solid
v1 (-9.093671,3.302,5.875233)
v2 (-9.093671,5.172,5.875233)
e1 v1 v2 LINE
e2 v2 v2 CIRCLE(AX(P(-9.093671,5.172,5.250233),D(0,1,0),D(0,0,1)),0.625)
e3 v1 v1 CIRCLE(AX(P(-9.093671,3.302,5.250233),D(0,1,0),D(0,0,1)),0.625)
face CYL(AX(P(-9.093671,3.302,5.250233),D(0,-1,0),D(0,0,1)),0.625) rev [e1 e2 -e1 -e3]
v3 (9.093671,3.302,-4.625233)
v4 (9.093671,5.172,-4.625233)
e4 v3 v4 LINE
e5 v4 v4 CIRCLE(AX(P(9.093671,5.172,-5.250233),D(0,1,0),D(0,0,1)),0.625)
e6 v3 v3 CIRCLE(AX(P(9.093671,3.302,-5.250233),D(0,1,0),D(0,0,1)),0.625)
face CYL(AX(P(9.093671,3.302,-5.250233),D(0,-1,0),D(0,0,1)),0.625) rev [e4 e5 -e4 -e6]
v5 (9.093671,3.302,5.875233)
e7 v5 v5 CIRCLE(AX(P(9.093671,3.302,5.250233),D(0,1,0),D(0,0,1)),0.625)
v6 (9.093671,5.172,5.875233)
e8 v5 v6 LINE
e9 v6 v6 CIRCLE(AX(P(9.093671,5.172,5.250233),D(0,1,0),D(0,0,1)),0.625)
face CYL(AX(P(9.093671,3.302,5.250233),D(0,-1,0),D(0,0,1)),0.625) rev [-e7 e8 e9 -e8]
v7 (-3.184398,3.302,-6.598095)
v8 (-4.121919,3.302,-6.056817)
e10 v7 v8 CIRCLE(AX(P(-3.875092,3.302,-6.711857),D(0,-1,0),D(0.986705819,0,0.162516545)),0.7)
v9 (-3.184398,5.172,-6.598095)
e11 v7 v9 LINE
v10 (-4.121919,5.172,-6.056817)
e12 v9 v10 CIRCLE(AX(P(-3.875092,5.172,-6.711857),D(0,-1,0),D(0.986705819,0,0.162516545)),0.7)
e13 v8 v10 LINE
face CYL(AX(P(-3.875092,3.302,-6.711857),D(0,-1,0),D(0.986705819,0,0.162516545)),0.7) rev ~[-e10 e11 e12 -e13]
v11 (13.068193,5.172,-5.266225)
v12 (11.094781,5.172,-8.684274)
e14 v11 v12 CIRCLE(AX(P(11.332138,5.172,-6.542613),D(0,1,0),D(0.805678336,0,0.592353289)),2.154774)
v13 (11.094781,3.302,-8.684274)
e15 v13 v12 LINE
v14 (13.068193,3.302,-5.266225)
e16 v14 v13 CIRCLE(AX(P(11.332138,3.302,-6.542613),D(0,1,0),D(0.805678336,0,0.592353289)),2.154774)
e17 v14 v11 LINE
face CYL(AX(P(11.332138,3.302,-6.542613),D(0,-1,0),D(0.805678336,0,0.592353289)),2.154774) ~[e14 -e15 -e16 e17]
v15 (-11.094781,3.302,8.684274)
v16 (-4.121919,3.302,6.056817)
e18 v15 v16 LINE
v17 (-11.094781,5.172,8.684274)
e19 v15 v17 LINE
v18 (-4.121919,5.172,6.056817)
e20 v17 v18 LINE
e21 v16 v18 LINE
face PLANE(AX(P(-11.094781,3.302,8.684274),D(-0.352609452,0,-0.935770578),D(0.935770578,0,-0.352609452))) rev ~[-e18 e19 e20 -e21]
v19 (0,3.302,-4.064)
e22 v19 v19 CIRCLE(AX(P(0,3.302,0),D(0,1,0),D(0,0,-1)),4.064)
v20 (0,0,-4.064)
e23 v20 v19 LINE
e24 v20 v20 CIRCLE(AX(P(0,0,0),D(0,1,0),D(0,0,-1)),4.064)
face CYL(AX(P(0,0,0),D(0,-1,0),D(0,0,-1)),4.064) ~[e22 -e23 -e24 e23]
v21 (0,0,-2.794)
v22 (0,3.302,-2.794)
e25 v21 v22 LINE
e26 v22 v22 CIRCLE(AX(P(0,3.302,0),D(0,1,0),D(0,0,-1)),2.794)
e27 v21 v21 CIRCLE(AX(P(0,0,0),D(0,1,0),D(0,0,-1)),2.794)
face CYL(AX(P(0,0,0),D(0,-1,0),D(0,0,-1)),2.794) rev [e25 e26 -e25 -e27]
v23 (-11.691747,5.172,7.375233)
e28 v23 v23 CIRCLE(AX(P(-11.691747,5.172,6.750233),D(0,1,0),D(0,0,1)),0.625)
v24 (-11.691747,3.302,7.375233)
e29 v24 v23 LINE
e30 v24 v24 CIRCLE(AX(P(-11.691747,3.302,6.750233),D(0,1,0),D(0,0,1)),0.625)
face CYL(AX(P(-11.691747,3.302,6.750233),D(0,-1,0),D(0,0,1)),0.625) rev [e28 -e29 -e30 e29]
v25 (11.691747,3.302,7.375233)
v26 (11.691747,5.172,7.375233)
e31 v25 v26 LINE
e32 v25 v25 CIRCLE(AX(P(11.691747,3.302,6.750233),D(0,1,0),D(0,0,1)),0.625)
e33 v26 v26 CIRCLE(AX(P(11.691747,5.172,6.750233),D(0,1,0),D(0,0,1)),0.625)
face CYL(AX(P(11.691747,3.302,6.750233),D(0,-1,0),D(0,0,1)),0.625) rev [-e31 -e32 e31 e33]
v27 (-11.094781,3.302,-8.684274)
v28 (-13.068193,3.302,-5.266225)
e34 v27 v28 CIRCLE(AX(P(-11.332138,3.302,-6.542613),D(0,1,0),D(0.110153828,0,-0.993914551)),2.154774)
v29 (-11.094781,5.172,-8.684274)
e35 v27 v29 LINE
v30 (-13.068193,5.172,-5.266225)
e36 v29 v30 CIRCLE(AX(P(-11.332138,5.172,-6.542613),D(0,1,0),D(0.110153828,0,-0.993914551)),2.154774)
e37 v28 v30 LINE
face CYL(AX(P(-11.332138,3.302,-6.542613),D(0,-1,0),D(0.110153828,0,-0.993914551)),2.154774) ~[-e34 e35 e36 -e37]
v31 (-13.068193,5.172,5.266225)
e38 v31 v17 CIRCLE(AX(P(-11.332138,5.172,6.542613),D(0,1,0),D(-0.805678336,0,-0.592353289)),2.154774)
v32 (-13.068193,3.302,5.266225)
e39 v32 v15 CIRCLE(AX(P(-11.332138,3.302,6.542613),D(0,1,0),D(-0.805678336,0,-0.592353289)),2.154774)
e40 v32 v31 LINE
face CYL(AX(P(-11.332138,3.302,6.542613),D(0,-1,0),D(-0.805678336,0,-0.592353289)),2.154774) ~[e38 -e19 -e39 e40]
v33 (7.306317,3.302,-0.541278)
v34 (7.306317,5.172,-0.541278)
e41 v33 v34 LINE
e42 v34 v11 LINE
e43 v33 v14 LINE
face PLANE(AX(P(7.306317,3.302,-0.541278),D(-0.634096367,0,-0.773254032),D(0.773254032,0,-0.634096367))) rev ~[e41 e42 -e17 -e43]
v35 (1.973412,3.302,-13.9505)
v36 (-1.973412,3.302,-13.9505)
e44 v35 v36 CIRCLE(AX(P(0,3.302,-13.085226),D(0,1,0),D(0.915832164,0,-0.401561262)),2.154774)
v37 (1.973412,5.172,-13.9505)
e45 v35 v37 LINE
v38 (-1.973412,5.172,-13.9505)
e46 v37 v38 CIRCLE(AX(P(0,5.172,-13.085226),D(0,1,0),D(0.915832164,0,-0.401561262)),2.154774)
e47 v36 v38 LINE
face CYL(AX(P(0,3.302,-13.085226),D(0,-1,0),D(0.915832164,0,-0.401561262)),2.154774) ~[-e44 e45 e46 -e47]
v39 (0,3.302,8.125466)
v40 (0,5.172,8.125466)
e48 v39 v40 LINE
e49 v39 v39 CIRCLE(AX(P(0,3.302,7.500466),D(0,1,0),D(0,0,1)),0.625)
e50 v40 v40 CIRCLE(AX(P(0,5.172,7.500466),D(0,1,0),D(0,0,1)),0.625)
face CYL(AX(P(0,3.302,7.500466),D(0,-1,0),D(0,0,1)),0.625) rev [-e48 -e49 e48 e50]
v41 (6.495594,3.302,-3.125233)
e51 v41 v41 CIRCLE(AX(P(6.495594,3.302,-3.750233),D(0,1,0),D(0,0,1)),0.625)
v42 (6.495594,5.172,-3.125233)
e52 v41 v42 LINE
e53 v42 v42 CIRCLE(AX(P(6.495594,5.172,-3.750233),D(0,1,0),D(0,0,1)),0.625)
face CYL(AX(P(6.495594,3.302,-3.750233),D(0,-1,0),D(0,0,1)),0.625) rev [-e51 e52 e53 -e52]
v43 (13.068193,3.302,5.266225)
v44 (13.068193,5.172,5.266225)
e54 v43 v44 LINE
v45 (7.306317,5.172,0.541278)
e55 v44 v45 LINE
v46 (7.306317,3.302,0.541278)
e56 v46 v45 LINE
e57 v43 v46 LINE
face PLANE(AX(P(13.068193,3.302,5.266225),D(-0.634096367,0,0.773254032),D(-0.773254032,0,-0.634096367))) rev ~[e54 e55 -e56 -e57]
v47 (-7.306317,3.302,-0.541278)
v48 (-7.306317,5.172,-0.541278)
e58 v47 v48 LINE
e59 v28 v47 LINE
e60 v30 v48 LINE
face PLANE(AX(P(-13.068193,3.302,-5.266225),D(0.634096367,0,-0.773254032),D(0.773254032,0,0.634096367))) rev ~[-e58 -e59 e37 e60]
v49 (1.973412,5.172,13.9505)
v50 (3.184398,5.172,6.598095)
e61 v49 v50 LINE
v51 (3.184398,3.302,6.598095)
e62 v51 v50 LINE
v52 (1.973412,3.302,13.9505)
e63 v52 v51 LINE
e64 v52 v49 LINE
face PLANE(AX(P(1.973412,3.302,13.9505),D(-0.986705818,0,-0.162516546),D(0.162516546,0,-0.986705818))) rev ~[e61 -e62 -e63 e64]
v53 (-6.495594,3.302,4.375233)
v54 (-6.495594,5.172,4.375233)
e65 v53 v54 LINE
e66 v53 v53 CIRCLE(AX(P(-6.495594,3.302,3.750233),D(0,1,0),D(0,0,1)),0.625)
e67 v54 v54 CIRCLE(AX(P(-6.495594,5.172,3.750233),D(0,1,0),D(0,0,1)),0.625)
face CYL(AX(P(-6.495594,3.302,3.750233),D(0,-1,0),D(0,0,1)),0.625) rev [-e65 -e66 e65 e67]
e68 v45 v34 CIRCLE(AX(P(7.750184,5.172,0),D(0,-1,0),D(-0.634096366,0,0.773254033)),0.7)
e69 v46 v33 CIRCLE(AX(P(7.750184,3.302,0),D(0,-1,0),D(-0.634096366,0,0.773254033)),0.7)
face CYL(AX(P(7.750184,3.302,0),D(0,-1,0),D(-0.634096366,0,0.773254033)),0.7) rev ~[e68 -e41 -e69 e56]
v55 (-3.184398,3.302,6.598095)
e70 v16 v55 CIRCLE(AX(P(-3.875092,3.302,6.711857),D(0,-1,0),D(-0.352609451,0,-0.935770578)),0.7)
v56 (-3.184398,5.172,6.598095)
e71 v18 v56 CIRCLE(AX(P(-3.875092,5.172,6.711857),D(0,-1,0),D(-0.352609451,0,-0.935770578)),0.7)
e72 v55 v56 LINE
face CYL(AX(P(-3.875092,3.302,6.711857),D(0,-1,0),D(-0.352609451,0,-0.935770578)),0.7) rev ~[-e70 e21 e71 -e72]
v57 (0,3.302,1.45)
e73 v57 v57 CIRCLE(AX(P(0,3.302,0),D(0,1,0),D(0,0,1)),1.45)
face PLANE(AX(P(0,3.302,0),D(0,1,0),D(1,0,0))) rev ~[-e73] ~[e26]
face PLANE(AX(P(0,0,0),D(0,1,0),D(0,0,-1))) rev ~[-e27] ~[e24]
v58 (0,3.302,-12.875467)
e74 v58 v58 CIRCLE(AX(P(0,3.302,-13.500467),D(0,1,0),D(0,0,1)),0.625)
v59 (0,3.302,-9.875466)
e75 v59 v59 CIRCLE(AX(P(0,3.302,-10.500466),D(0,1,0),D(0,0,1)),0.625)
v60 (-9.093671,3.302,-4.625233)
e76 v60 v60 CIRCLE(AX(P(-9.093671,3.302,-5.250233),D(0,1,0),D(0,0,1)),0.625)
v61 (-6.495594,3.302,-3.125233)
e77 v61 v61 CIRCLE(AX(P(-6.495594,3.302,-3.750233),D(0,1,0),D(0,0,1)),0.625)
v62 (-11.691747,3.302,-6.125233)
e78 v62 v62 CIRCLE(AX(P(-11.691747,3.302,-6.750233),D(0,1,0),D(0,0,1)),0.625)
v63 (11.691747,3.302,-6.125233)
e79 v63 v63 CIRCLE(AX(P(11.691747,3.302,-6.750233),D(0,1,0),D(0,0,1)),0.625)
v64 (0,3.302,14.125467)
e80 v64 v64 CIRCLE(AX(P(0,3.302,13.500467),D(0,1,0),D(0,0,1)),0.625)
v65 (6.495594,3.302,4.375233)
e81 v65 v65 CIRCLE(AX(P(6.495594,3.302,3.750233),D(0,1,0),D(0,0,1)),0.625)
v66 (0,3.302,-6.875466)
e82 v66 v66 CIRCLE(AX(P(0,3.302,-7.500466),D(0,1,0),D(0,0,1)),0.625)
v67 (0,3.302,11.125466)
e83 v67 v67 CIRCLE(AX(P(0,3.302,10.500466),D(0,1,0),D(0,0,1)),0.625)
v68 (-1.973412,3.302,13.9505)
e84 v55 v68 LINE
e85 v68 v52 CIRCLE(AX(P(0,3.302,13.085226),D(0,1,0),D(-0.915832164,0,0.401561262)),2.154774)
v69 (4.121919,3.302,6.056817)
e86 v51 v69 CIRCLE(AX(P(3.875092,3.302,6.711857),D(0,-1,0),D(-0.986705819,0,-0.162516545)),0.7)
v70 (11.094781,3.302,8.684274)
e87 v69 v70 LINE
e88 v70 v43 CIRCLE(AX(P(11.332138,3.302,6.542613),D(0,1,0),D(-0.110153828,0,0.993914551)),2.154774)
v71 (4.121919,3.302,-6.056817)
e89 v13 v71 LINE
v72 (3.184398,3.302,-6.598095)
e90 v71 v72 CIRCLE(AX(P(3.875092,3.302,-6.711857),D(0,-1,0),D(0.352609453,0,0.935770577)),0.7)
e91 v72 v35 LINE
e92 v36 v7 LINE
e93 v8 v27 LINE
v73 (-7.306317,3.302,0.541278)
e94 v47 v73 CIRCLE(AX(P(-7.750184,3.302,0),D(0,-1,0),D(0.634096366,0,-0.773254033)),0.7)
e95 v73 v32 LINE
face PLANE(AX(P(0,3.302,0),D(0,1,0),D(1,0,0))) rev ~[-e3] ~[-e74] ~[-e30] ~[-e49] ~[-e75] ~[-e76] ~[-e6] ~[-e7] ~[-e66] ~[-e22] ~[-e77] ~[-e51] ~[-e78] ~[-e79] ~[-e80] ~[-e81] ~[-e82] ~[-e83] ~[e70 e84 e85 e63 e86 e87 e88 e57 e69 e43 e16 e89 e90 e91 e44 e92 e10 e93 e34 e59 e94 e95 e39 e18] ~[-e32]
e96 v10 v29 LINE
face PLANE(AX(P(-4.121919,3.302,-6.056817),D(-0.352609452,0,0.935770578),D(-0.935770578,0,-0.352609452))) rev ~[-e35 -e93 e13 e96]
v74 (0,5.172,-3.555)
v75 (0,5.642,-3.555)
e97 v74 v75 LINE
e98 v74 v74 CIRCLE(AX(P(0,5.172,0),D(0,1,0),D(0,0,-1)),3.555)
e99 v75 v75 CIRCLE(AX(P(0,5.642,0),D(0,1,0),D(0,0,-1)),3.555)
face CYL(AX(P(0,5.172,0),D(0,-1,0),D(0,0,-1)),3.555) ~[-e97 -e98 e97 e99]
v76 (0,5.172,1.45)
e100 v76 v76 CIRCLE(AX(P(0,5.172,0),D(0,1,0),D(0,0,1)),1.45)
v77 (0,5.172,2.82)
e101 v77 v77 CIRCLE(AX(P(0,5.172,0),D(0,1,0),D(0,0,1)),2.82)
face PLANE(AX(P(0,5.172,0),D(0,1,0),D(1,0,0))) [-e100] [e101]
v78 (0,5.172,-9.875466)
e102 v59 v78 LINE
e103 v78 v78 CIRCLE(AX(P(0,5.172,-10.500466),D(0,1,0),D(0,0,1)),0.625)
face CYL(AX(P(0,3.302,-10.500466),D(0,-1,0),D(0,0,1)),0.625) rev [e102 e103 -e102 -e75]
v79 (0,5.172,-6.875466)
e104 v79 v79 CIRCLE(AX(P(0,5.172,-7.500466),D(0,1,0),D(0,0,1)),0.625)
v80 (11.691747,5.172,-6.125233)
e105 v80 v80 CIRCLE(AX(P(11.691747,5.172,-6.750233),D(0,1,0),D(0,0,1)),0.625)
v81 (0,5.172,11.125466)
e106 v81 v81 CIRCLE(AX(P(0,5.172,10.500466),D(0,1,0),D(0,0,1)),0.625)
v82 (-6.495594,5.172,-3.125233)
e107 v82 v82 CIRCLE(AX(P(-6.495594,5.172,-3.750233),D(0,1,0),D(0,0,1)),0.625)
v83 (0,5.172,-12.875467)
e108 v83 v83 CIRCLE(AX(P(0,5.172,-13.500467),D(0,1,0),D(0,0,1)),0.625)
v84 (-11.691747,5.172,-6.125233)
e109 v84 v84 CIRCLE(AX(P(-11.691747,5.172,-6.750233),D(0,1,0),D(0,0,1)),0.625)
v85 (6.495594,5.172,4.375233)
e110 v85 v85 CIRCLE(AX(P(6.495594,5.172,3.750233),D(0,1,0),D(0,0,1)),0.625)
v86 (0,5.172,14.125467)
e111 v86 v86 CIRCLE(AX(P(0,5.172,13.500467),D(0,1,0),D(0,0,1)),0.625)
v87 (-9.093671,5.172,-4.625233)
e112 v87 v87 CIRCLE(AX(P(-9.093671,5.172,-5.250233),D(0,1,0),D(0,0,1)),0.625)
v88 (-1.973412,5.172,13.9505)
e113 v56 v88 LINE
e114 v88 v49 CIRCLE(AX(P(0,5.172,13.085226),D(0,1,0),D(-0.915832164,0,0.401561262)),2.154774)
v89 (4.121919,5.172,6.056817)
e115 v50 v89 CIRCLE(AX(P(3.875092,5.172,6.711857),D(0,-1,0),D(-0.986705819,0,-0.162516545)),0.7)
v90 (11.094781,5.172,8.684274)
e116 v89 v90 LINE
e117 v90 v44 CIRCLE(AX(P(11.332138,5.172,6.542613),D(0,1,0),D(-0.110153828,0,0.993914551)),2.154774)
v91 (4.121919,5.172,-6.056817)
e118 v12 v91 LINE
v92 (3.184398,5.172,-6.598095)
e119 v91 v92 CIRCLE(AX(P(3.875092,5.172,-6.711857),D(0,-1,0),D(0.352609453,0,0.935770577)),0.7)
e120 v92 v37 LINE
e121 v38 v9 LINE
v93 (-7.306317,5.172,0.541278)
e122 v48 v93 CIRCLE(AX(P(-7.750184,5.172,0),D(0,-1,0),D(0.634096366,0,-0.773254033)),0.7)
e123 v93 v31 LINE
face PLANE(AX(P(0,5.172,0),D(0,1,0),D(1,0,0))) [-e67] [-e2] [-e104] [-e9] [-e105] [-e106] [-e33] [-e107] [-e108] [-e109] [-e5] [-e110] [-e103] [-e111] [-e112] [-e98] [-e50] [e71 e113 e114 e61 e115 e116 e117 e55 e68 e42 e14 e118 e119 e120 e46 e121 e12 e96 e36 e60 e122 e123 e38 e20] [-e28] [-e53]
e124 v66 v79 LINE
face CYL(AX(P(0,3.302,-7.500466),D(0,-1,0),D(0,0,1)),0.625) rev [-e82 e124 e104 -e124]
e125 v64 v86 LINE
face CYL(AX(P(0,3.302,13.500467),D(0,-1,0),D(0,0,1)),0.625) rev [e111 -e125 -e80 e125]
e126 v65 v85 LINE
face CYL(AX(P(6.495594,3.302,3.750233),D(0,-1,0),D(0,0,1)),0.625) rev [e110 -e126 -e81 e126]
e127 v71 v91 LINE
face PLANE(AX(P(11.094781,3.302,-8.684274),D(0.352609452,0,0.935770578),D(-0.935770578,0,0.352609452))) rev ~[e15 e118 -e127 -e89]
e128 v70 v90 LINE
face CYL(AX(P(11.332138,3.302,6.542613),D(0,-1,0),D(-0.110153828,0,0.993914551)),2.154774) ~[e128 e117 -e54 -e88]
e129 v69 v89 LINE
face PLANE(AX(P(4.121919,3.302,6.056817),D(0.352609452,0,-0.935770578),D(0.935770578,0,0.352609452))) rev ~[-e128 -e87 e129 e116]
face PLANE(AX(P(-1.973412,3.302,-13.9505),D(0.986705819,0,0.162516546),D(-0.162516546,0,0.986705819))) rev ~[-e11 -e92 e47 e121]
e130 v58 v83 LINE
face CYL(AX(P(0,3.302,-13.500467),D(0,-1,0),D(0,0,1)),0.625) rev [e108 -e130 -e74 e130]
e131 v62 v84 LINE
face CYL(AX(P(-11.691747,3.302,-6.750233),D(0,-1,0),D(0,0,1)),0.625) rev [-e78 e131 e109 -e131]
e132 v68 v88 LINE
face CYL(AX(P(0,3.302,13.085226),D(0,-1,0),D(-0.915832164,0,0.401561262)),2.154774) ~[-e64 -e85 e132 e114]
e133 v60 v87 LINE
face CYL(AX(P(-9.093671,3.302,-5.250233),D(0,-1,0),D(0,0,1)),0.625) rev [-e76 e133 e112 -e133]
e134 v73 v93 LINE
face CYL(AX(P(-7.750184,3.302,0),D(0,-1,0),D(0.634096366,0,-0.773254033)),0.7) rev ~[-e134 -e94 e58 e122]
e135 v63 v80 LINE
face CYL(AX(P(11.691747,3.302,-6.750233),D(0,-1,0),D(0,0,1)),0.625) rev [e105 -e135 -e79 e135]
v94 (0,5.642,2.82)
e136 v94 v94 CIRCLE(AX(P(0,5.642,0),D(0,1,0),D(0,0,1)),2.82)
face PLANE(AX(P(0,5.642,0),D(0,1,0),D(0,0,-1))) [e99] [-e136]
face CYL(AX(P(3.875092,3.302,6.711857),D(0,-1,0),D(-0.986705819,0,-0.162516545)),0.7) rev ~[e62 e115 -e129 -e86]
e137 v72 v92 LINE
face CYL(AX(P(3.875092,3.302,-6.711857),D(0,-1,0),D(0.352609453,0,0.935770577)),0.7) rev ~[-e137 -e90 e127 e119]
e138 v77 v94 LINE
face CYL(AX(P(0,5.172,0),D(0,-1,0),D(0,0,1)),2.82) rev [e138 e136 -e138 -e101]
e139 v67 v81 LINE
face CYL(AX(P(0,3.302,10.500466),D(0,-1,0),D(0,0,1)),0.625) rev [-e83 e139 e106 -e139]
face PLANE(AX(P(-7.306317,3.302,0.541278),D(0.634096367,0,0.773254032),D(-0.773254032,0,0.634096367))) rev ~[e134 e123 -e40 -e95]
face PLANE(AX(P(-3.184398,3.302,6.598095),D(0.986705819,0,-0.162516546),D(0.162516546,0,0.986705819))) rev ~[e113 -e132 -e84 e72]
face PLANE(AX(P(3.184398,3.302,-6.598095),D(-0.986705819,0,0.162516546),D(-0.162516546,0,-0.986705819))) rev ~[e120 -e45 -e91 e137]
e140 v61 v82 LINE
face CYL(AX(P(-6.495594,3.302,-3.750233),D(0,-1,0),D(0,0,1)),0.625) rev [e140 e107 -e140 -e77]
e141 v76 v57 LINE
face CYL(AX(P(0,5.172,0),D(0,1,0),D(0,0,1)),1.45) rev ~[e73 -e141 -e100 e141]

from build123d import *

# Parameters (mm, degrees)
SKETCH1_R           = 4.064
SKETCH1_R_2         = 2.794
BOSS_EXTRUDE1_DEPTH = 3.302
SKETCH2_R           = 0.62500002
BOSS_EXTRUDE2_DEPTH = 1.87000007
SKETCH4_R           = 1.449999894
CUT_EXTRUDE1_DEPTH  = 21.9977138
SKETCH5_R           = 3.555000002
SKETCH5_R_2         = 2.819999948
BOSS_EXTRUDE3_DEPTH = 0.470000076


with BuildPart() as part:
    # Sketch1 → Boss-Extrude1 (new body)
    with BuildSketch(Plane(origin=(0, 0, 0), x_dir=(1, 0, 0), z_dir=(0, 1, 0))):
        with Locations(Location((0, 0, 0), (0, 0, 90))):
            Circle(SKETCH1_R)
        with Locations(Location((0, 0, 0), (0, 0, 90))):
            Circle(SKETCH1_R_2, mode=Mode.SUBTRACT)
    extrude(amount=BOSS_EXTRUDE1_DEPTH)

    # Sketch2 → Boss-Extrude2 (add)
    with BuildSketch(Plane(origin=(0, 3.302, 0), x_dir=(1, 0, 0), z_dir=(0, 1, 0))):
        with BuildLine():
            Line((3.184398134, 6.598095019), (1.973411671, 13.950499548))
            ThreePointArc((1.973411671, 13.950499548), (0, 15.24), (-1.973411671, 13.950499548))
            Line((-1.973411671, 13.950499548), (-3.184398134, 6.598095019))
            ThreePointArc((-3.184398134, 6.598095019), (-3.525092211, 6.105638812), (-4.121918835, 6.05681719))
            Line((-4.121918835, 6.05681719), (-11.094781168, 8.684274414))
            ThreePointArc((-11.094781168, 8.684274414), (-13.198227153, 7.620000001), (-13.068192838, 5.266225136))
            Line((-13.068192838, 5.266225136), (-7.306316969, 0.54127783))
            ThreePointArc((-7.306316969, 0.54127783), (-7.050184422, 1e-09), (-7.306316969, -0.541277828))
            Line((-7.306316969, -0.541277828), (-13.068192838, -5.266225133))
            ThreePointArc((-13.068192838, -5.266225133), (-13.198227153, -7.619999998), (-11.094781167, -8.684274411))
            Line((-11.094781167, -8.684274411), (-4.121918835, -6.056817187))
            ThreePointArc((-4.121918835, -6.056817187), (-3.525092211, -6.10563881), (-3.184398134, -6.598095016))
            Line((-3.184398134, -6.598095016), (-1.973411671, -13.950499545))
            ThreePointArc((-1.973411671, -13.950499545), (0, -15.239999997), (1.973411671, -13.950499545))
            Line((1.973411671, -13.950499545), (3.184398134, -6.598095017))
            ThreePointArc((3.184398134, -6.598095017), (3.525092211, -6.10563881), (4.121918835, -6.056817187))
            Line((4.121918835, -6.056817187), (11.094781168, -8.684274411))
            ThreePointArc((11.094781168, -8.684274411), (13.198227153, -7.619999998), (13.068192838, -5.266225133))
            Line((13.068192838, -5.266225133), (7.306316969, -0.541277828))
            ThreePointArc((7.306316969, -0.541277828), (7.050184422, 1e-09), (7.306316969, 0.54127783))
            Line((7.306316969, 0.54127783), (13.068192838, 5.266225136))
            ThreePointArc((13.068192838, 5.266225136), (13.198227153, 7.620000001), (11.094781167, 8.684274413))
            Line((11.094781167, 8.684274413), (4.121918835, 6.05681719))
            ThreePointArc((4.121918835, 6.05681719), (3.525092211, 6.105638812), (3.184398134, 6.598095019))
        make_face()
        with Locations(Location((0, -7.50046633, 0), (0, 0, 270))):
            Circle(SKETCH2_R, mode=Mode.SUBTRACT)
        with Locations(Location((0, -10.500466426, 0), (0, 0, 270))):
            Circle(SKETCH2_R, mode=Mode.SUBTRACT)
        with Locations(Location((0, -13.500466522, 0), (0, 0, 270))):
            Circle(SKETCH2_R, mode=Mode.SUBTRACT)
        with Locations(Location((-11.691746971, -6.750233261, 0), (0, 0, 270))):
            Circle(SKETCH2_R, mode=Mode.SUBTRACT)
        with Locations(Location((-9.093670677, -5.250233213, 0), (0, 0, 270))):
            Circle(SKETCH2_R, mode=Mode.SUBTRACT)
        with Locations(Location((-6.495594382, -3.750233165, 0), (0, 0, 270))):
            Circle(SKETCH2_R, mode=Mode.SUBTRACT)
        with Locations(Location((-11.691746971, 6.750233261, 0), (0, 0, 270))):
            Circle(SKETCH2_R, mode=Mode.SUBTRACT)
        with Locations(Location((-9.093670677, 5.250233213, 0), (0, 0, 270))):
            Circle(SKETCH2_R, mode=Mode.SUBTRACT)
        with Locations(Location((-6.495594382, 3.750233165, 0), (0, 0, 270))):
            Circle(SKETCH2_R, mode=Mode.SUBTRACT)
        with Locations(Location((0, 13.500466522, 0), (0, 0, 270))):
            Circle(SKETCH2_R, mode=Mode.SUBTRACT)
        with Locations(Location((0, 10.500466426, 0), (0, 0, 270))):
            Circle(SKETCH2_R, mode=Mode.SUBTRACT)
        with Locations(Location((0, 7.50046633, 0), (0, 0, 270))):
            Circle(SKETCH2_R, mode=Mode.SUBTRACT)
        with Locations(Location((11.691746971, 6.750233261, 0), (0, 0, 270))):
            Circle(SKETCH2_R, mode=Mode.SUBTRACT)
        with Locations(Location((9.093670677, 5.250233213, 0), (0, 0, 270))):
            Circle(SKETCH2_R, mode=Mode.SUBTRACT)
        with Locations(Location((6.495594382, 3.750233165, 0), (0, 0, 270))):
            Circle(SKETCH2_R, mode=Mode.SUBTRACT)
        with Locations(Location((11.691746971, -6.750233261, 0), (0, 0, 270))):
            Circle(SKETCH2_R, mode=Mode.SUBTRACT)
        with Locations(Location((9.093670677, -5.250233213, 0), (0, 0, 270))):
            Circle(SKETCH2_R, mode=Mode.SUBTRACT)
        with Locations(Location((6.495594382, -3.750233165, 0), (0, 0, 270))):
            Circle(SKETCH2_R, mode=Mode.SUBTRACT)
    extrude(amount=BOSS_EXTRUDE2_DEPTH)

    # Sketch4 → Cut-Extrude1 (cut, through all)
    with BuildSketch(Plane(origin=(0, 5.17200007, 0), x_dir=(1, 0, 0), z_dir=(0, 1, 0))):
        with Locations(Location((0, 0, 0), (0, 0, 270))):
            Circle(SKETCH4_R)
    extrude(amount=-CUT_EXTRUDE1_DEPTH, mode=Mode.SUBTRACT)

    # Sketch5 → Boss-Extrude3 (add)
    with BuildSketch(Plane(origin=(0, 5.17200007, 0), x_dir=(1, 0, 0), z_dir=(0, 1, 0))):
        with Locations(Location((0, 0, 0), (0, 0, 90))):
            Circle(SKETCH5_R)
        with Locations(Location((0, 0, 0), (0, 0, 270))):
            Circle(SKETCH5_R_2, mode=Mode.SUBTRACT)
    extrude(amount=BOSS_EXTRUDE3_DEPTH)


solid = part.part
